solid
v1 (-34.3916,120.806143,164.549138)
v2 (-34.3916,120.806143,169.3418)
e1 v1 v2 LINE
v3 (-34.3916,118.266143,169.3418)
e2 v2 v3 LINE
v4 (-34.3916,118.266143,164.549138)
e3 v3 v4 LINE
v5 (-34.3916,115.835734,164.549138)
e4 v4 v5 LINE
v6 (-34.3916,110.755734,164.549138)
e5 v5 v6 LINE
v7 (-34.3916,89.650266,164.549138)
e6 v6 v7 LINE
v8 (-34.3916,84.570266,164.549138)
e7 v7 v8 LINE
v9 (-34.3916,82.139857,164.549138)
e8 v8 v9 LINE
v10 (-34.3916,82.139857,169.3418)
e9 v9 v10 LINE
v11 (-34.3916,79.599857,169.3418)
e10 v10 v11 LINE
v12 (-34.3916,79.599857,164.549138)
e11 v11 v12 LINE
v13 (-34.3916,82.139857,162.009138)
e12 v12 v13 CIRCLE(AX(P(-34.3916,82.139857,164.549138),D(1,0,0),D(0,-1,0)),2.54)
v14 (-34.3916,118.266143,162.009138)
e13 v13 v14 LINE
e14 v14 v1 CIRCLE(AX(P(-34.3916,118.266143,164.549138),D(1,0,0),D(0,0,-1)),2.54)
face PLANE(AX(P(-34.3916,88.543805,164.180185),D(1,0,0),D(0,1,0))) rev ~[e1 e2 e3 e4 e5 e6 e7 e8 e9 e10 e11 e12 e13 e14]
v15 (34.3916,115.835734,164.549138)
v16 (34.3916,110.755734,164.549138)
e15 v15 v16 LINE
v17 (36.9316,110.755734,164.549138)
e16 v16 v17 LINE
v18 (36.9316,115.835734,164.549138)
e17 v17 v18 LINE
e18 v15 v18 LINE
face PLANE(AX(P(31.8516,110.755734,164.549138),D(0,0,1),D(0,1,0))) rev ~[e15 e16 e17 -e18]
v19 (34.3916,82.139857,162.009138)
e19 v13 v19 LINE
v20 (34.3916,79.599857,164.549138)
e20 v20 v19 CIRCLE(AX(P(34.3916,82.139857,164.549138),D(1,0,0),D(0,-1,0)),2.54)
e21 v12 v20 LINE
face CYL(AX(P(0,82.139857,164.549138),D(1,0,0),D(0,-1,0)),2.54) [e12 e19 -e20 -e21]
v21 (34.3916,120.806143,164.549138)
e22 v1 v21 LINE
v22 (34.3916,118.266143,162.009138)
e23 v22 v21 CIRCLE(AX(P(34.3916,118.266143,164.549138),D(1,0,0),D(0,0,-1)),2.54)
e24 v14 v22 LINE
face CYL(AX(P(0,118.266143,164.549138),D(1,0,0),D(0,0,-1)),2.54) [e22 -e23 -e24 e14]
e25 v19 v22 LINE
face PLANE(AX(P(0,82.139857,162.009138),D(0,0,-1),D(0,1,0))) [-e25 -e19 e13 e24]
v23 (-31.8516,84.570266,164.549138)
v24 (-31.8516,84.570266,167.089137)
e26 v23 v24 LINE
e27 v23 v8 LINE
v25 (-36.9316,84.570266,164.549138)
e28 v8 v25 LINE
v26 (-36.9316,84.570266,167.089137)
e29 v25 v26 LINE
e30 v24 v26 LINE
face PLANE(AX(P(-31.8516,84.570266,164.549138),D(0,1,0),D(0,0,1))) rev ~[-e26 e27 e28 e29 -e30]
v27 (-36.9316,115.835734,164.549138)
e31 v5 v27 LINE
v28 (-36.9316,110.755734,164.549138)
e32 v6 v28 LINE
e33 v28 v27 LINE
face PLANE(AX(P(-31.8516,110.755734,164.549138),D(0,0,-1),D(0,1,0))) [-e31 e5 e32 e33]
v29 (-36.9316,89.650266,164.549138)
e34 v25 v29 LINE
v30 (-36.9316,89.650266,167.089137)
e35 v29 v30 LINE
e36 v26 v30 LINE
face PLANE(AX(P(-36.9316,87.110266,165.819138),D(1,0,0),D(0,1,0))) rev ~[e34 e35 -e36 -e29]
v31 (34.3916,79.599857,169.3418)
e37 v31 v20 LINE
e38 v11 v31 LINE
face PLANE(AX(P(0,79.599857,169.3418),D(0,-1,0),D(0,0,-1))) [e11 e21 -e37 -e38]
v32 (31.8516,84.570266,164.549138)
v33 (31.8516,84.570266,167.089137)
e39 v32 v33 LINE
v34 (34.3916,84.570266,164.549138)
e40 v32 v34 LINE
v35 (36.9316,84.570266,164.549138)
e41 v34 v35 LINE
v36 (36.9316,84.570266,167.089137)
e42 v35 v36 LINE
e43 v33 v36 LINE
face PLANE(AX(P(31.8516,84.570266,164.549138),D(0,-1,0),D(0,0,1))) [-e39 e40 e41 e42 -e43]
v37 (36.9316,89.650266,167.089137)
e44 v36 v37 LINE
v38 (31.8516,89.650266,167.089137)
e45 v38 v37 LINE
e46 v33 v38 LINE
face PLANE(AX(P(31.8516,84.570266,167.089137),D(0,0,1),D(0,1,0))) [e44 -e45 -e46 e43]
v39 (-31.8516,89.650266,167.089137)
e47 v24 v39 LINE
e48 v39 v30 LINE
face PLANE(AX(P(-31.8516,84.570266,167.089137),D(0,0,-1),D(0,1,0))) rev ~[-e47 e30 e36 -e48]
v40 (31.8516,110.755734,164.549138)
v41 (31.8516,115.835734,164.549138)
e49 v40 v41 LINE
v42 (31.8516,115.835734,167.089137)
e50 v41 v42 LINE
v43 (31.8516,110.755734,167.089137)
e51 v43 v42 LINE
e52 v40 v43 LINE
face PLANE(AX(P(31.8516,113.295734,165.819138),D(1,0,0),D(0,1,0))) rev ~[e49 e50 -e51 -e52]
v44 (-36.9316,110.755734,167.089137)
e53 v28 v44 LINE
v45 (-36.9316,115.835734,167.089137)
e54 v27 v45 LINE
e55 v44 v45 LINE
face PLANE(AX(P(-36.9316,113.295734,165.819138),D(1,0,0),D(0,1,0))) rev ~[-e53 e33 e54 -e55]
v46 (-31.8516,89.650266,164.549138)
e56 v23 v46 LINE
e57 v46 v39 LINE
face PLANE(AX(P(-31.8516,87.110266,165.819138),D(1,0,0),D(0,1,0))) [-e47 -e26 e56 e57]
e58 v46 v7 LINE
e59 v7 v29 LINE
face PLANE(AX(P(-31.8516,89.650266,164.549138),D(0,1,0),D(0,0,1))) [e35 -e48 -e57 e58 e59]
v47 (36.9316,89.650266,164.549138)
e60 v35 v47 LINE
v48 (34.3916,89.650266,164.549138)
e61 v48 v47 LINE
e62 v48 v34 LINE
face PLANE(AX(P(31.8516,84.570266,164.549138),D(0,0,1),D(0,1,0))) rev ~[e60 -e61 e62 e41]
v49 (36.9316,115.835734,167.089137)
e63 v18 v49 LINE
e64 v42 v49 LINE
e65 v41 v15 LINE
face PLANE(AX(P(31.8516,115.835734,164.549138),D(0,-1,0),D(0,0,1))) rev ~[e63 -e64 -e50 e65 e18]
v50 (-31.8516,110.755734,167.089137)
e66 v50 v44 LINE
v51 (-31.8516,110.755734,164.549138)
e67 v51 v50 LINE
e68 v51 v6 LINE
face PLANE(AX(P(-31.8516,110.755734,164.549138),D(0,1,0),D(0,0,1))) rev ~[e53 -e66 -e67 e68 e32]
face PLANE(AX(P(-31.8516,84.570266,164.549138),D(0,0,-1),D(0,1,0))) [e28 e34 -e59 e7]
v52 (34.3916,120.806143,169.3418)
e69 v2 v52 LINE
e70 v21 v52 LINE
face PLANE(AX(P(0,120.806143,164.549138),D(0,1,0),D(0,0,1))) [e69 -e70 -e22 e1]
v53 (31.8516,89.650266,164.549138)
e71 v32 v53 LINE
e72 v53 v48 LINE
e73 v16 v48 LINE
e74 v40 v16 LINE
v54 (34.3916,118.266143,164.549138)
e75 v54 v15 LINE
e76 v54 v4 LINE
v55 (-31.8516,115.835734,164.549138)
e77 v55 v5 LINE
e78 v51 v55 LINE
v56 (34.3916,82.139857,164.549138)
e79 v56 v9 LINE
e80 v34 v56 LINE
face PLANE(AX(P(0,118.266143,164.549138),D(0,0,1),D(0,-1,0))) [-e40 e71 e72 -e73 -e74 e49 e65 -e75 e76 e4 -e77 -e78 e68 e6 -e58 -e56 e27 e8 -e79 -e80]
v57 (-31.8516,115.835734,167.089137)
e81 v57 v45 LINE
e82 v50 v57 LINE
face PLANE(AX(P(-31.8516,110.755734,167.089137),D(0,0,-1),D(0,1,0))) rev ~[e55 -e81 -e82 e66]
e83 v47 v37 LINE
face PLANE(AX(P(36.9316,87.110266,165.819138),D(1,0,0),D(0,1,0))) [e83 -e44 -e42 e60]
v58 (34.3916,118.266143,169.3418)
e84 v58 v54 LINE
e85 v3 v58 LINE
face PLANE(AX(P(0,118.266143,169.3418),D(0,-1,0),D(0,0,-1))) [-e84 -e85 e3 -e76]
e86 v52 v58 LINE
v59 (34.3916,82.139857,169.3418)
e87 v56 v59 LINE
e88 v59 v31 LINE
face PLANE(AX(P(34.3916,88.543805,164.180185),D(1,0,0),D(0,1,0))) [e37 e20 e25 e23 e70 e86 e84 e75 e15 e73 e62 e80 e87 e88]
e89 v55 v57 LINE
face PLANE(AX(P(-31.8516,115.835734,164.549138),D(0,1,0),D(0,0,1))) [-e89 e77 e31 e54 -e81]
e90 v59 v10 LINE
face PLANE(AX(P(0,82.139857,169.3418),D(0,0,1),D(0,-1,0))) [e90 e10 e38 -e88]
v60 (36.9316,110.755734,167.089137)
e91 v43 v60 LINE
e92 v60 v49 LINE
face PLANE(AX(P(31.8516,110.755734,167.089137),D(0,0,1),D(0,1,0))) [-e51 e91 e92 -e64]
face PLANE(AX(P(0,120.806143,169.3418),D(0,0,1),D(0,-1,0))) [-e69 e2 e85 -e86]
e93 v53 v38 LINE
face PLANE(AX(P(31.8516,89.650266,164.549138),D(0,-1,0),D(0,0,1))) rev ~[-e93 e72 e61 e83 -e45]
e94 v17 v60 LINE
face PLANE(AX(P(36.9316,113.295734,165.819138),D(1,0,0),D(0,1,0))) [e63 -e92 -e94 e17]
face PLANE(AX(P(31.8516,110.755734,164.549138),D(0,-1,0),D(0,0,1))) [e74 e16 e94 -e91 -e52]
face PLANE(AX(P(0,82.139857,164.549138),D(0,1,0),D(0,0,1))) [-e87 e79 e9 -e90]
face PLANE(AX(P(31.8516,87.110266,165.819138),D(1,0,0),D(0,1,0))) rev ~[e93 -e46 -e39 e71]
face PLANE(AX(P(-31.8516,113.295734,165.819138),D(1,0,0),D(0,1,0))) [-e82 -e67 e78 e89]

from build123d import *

# Parameters (mm, degrees)
F1_DEPTH = 34.3916
F2_START = 31.8516
F0_W     = 5.08
F0_H     = 2.54
F2_DEPTH = 5.08
F3_START = -31.8516
F3_DEPTH = 5.08


with BuildPart() as f1:
    # F0 (on Right) → F1 (new body, symmetric)
    with BuildSketch(Plane.YZ):
        with BuildLine():
            Line((82.1398573303, 169.3418), (79.5998573303, 169.3418))
            Line((79.5998573303, 169.3418), (79.5998573303, 164.5491375))
            ThreePointArc((79.5998573303, 164.5491375), (80.3438061061, 162.7530862758), (82.1398573303, 162.0091375))
            Line((82.1398573303, 162.0091375), (100.203, 162.0091375))
            Line((100.203, 162.0091375), (100.203, 164.5491375))
            Line((100.203, 164.5491375), (89.6502663064, 164.5491375))
            Line((89.6502663064, 164.5491375), (84.5702663064, 164.5491375))
            Line((84.5702663064, 164.5491375), (82.1398573303, 164.5491375))
            Line((82.1398573303, 164.5491375), (82.1398573303, 169.3418))
        make_face()
        with BuildLine():
            Line((120.8061426697, 169.3418), (118.2661426697, 169.3418))
            Line((118.2661426697, 169.3418), (118.2661426697, 164.5491375))
            Line((118.2661426697, 164.5491375), (115.8357336936, 164.5491375))
            Line((115.8357336936, 164.5491375), (110.7557336936, 164.5491375))
            Line((110.7557336936, 164.5491375), (100.203, 164.5491375))
            Line((100.203, 164.5491375), (100.203, 162.0091375))
            Line((100.203, 162.0091375), (118.2661426697, 162.0091375))
            ThreePointArc((118.2661426697, 162.0091375), (120.0621938939, 162.7530862758), (120.8061426697, 164.5491375))
            Line((120.8061426697, 164.5491375), (120.8061426697, 169.3418))
        make_face()
    extrude(amount=F1_DEPTH, both=True)

    # F0 (on Right) → F2 (join)
    with BuildSketch(Plane.YZ.offset(F2_START)):
        with Locations((87.1102663064, 165.8191375)):
            Rectangle(F0_W, F0_H)
        with Locations((113.2957336936, 165.8191375)):
            Rectangle(F0_W, F0_H)
    extrude(amount=F2_DEPTH)

    # F0 (on Right) → F3 (join)
    with BuildSketch(Plane.YZ.offset(F3_START)):
        with Locations((87.1102663064, 165.8191375)):
            Rectangle(F0_W, F0_H)
        with Locations((113.2957336936, 165.8191375)):
            Rectangle(F0_W, F0_H)
    extrude(amount=-F3_DEPTH)


solid = f1.part
